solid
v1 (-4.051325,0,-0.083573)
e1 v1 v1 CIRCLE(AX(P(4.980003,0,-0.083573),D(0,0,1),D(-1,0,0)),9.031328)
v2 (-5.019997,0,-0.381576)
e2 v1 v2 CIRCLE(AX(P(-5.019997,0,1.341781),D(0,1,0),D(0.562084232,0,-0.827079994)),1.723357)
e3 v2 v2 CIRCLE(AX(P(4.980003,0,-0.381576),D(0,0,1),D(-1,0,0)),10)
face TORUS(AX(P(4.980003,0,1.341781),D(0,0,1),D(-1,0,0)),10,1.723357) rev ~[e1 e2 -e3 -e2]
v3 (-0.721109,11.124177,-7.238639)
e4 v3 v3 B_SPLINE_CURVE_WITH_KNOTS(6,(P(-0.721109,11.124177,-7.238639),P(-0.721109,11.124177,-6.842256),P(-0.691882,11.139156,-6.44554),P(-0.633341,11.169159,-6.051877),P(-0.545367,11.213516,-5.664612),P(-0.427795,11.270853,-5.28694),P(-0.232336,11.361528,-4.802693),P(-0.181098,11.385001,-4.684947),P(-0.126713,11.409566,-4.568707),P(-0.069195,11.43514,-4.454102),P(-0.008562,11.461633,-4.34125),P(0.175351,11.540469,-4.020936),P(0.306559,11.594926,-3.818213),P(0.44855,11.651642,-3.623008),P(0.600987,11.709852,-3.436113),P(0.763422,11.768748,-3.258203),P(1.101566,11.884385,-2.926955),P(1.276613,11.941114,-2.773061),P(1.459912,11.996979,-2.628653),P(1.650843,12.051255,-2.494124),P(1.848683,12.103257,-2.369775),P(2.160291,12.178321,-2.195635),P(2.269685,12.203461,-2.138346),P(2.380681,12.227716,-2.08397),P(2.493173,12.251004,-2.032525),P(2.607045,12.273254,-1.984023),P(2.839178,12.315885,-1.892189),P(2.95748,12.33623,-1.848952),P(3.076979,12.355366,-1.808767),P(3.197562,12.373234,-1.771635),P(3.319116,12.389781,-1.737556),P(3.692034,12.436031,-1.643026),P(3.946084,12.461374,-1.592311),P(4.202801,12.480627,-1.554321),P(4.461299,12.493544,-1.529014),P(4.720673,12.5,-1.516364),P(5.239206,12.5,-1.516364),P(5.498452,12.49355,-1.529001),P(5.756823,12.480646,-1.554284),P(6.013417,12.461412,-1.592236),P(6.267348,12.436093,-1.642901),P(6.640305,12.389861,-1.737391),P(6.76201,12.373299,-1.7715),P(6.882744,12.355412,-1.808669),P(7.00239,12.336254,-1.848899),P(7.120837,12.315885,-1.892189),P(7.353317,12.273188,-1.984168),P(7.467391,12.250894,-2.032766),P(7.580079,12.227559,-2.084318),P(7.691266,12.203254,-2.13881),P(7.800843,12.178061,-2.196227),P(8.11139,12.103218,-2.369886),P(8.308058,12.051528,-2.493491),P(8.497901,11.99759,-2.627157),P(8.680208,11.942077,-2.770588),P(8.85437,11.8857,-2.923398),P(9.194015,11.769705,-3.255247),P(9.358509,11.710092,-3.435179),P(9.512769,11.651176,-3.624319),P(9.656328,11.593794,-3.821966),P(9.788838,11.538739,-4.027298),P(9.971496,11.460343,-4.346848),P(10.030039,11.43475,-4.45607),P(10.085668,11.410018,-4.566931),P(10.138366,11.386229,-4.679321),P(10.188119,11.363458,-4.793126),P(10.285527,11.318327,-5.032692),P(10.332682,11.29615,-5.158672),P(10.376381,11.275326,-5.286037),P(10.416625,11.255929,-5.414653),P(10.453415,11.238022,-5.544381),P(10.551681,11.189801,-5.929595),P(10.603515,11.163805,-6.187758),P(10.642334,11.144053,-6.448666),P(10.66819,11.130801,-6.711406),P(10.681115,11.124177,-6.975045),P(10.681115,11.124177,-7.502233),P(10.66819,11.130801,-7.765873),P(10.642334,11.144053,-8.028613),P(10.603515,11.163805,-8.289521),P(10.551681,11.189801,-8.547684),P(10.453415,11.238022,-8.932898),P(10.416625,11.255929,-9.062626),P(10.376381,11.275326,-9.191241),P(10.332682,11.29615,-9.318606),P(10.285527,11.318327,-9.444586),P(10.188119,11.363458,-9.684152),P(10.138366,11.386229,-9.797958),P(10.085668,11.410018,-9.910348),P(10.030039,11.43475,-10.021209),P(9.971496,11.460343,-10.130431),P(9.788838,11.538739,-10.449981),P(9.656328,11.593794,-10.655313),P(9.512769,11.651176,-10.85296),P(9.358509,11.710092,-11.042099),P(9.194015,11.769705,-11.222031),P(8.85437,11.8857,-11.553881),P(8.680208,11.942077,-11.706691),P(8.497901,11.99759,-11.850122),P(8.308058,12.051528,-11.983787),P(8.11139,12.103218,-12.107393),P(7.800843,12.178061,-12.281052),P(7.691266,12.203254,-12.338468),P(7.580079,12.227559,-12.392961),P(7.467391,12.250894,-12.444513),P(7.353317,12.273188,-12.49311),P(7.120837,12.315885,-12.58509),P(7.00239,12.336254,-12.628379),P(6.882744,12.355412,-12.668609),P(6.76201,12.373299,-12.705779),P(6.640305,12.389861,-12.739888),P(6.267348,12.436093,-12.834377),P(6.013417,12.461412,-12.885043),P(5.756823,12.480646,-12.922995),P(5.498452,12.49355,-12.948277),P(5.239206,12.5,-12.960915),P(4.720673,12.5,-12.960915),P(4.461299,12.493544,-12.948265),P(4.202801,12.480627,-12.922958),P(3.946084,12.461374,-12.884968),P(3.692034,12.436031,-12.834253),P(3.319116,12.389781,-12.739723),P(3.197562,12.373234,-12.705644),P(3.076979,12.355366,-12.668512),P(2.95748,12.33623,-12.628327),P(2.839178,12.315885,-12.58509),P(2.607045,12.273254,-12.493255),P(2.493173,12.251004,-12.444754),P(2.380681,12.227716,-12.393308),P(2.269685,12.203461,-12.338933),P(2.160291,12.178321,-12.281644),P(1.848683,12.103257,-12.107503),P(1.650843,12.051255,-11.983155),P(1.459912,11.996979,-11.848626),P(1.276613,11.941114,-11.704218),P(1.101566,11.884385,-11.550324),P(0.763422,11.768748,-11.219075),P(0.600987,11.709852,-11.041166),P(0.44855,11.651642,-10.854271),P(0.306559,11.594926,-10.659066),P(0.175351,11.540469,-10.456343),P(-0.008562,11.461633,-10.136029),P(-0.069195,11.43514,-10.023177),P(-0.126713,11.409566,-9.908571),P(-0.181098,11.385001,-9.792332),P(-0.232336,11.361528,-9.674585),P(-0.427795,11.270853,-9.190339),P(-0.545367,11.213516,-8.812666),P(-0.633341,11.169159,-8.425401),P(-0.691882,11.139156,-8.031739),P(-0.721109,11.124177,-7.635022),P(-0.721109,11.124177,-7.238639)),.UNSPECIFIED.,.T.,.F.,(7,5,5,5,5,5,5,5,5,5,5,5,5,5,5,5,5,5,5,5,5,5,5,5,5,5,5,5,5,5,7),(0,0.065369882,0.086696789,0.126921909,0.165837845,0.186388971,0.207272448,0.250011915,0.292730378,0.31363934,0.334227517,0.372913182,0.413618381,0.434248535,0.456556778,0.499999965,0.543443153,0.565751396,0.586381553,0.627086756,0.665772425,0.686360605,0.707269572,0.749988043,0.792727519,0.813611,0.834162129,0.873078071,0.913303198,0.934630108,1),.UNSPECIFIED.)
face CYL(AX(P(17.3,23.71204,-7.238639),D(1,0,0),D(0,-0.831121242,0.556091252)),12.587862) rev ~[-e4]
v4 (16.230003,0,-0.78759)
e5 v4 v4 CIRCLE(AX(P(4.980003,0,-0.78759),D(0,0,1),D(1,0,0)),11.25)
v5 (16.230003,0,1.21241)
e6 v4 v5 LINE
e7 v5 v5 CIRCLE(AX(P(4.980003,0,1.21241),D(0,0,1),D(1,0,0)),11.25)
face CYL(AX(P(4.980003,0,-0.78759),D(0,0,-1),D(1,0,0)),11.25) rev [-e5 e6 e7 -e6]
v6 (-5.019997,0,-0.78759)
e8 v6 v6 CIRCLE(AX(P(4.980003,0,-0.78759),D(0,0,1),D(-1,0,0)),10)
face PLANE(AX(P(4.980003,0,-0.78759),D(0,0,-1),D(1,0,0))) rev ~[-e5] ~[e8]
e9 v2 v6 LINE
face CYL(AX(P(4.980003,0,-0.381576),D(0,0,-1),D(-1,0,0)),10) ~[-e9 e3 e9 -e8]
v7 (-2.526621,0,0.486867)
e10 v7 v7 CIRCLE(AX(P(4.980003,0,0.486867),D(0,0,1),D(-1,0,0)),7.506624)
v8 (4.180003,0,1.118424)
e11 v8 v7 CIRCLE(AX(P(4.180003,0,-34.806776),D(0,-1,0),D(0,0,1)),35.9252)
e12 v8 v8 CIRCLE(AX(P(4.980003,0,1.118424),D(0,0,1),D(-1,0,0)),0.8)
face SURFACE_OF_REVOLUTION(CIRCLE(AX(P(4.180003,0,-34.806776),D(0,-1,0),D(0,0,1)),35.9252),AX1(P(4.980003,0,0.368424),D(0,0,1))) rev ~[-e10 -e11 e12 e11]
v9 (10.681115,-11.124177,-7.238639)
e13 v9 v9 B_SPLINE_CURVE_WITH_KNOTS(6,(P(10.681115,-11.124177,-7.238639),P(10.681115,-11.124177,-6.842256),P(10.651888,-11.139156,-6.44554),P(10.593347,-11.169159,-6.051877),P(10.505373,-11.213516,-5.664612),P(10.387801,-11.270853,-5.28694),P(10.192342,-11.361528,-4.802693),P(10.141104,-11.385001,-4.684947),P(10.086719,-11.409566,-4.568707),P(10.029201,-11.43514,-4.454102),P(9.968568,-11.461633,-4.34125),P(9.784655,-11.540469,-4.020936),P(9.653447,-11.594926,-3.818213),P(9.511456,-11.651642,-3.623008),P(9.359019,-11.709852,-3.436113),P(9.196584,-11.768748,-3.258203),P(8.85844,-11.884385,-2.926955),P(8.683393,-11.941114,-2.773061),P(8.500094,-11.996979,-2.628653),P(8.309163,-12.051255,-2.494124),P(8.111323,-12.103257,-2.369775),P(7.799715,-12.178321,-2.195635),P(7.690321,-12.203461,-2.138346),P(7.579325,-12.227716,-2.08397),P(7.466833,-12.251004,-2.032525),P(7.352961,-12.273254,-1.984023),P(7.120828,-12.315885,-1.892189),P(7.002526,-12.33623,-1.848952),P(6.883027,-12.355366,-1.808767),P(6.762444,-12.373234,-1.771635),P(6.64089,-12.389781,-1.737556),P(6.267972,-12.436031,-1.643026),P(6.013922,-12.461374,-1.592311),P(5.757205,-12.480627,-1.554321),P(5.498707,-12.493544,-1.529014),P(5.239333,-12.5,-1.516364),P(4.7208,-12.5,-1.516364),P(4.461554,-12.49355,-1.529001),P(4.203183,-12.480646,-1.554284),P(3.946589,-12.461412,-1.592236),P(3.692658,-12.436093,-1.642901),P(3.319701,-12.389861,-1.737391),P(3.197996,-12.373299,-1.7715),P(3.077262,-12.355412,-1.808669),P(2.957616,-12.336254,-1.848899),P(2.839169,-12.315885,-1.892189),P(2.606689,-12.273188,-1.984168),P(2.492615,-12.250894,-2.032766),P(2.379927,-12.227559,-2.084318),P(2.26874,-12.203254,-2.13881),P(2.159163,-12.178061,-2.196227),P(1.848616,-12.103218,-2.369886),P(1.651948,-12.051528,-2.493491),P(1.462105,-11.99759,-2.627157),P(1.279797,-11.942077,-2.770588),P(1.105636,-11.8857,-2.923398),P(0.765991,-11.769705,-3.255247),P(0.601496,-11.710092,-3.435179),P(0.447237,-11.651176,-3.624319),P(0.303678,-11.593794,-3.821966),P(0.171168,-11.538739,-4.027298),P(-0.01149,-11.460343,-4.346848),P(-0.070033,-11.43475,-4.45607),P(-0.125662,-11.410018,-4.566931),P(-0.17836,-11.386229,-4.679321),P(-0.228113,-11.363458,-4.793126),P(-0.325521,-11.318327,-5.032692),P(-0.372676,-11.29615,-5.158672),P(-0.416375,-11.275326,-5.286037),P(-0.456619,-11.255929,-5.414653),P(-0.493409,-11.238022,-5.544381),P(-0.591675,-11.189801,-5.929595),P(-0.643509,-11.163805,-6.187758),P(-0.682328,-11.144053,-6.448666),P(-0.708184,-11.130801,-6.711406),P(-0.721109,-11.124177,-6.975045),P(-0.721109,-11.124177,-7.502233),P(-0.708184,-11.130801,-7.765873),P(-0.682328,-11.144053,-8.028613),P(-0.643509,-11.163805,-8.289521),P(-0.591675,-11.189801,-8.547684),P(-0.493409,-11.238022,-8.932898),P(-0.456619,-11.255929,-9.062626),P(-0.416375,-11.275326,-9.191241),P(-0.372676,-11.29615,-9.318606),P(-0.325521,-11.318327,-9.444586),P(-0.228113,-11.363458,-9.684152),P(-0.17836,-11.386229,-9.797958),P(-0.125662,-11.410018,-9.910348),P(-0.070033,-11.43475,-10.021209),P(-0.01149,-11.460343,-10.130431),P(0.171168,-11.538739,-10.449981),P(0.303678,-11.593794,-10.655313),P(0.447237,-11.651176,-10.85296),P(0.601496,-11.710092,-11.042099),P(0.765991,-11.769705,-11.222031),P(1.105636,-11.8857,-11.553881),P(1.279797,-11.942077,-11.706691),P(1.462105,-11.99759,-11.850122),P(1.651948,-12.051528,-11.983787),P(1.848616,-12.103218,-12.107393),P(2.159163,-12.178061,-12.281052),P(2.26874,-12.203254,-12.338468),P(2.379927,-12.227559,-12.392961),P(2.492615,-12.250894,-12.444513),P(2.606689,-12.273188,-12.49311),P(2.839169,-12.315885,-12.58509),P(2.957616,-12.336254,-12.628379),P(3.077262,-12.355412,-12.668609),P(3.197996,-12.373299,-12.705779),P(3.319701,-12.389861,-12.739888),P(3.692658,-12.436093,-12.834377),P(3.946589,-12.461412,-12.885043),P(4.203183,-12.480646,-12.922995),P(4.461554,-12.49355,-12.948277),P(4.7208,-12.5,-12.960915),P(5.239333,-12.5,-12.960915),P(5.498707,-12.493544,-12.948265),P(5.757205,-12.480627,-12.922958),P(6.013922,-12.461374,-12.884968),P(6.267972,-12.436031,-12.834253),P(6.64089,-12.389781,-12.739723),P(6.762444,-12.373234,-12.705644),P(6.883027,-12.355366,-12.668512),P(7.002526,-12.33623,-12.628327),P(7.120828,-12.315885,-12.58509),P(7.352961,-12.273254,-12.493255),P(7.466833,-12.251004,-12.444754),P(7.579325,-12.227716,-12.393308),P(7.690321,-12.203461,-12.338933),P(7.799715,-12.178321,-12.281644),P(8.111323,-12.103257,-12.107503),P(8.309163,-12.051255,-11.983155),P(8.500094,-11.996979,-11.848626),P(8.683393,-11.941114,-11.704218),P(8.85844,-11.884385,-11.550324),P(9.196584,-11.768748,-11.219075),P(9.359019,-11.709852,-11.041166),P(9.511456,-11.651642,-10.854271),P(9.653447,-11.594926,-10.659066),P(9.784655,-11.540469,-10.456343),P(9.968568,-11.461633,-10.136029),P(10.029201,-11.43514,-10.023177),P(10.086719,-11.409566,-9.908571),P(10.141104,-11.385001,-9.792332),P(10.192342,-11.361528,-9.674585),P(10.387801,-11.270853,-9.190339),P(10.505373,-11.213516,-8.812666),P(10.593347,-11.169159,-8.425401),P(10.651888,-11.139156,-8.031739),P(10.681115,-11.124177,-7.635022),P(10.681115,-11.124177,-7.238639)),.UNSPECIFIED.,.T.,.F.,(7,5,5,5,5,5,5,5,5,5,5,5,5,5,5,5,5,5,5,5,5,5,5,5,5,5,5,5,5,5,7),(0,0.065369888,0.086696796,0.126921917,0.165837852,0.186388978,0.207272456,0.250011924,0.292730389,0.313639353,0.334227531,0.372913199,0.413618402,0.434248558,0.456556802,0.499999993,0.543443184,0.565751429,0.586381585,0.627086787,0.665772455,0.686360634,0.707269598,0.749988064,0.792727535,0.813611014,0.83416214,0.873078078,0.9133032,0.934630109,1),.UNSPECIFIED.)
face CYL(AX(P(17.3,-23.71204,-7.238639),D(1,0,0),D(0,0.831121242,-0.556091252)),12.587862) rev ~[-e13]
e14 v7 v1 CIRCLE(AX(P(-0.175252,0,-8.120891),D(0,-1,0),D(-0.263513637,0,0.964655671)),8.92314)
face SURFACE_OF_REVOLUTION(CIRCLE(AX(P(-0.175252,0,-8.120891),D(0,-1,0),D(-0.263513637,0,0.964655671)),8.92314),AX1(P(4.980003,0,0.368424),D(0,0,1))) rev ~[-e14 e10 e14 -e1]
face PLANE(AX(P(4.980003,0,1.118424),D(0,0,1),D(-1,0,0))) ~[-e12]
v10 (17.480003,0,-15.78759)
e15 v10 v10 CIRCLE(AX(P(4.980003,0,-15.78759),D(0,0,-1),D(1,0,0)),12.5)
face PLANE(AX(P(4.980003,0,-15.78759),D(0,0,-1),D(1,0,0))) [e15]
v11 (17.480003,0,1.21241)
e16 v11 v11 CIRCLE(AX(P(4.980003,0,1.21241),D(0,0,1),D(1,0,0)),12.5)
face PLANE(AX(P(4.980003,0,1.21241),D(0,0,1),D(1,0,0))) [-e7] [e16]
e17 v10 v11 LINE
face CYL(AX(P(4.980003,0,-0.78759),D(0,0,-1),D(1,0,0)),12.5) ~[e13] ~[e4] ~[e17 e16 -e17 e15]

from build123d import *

# Parameters (mm, degrees)
F2_R     = 12.5
F2_R_2   = 10
F3_DEPTH = 15
F4_R     = 12.5
F4_R_2   = 11.25
F5_DEPTH = 2
F8_DEPTH = 50


with BuildPart() as f1:
    # F0 (on Front) → F1 (revolve)
    with BuildSketch(Plane.XZ):
        with BuildLine():
            Line((4.9800029832, -0.7875902065), (4.9800029832, -0.3815757062))
            Line((4.9800029832, -0.3815757062), (4.9800029832, 1.1184242938))
            Line((4.9800029832, 1.1184242938), (4.1800029832, 1.1184242938))
            ThreePointArc((4.1800029832, 1.1184242938), (0.8118554552, 0.9601863869), (-2.5266210559, 0.4868666314))
            ThreePointArc((-2.5266210559, 0.4868666314), (-3.3020091302, 0.2364900314), (-4.0513253894, -0.083572855))
            ThreePointArc((-4.0513253894, -0.083572855), (-4.5132598016, -0.3053910404), (-5.0199970168, -0.3815757062))
            Line((-5.0199970168, -0.3815757062), (-5.0199970168, -0.7875902065))
            Line((-5.0199970168, -0.7875902065), (4.9800029832, -0.7875902065))
        make_face()
    revolve(axis=Axis((4.9800029832, 0, 0.3684242938), (0, 0, 1)))

    # F2 (on face) → F3 (join)
    with BuildSketch(Plane(origin=(0, 0, -0.7875902065), x_dir=(1, 0, 0), z_dir=(0, 0, -1))):
        with Locations((4.9800029832, 0)):
            Circle(F2_R)
        with Locations((4.9800029832, 0)):
            Circle(F2_R_2, mode=Mode.SUBTRACT)
        with Locations((4.9800029832, 0)):
            Circle(F2_R_2)
    extrude(amount=F3_DEPTH)

    # F4 (on face) → F5 (join)
    with BuildSketch(Plane.XY.offset(-0.7875902065)):
        with Locations((4.9800029832, 0)):
            Circle(F4_R)
        with Locations((4.9800029832, 0)):
            Circle(F4_R_2, mode=Mode.SUBTRACT)
    extrude(amount=F5_DEPTH)

    # F7 (on offset) → F8 (cut)
    with BuildSketch(Plane.YZ.offset(17.3)):
        with BuildLine():
            Line((-13.25, -0.238639344), (-13.25, -14.238639344))
            ThreePointArc((-13.25, -14.238639344), (-11.1241774834, -7.238639344), (-13.25, -0.238639344))
        make_face()
        with BuildLine():
            ThreePointArc((13.25, -0.238639344), (11.1241774834, -7.238639344), (13.25, -14.238639344))
            Line((13.25, -14.238639344), (13.25, -0.238639344))
        make_face()
    extrude(amount=-F8_DEPTH, mode=Mode.SUBTRACT)


solid = f1.part
